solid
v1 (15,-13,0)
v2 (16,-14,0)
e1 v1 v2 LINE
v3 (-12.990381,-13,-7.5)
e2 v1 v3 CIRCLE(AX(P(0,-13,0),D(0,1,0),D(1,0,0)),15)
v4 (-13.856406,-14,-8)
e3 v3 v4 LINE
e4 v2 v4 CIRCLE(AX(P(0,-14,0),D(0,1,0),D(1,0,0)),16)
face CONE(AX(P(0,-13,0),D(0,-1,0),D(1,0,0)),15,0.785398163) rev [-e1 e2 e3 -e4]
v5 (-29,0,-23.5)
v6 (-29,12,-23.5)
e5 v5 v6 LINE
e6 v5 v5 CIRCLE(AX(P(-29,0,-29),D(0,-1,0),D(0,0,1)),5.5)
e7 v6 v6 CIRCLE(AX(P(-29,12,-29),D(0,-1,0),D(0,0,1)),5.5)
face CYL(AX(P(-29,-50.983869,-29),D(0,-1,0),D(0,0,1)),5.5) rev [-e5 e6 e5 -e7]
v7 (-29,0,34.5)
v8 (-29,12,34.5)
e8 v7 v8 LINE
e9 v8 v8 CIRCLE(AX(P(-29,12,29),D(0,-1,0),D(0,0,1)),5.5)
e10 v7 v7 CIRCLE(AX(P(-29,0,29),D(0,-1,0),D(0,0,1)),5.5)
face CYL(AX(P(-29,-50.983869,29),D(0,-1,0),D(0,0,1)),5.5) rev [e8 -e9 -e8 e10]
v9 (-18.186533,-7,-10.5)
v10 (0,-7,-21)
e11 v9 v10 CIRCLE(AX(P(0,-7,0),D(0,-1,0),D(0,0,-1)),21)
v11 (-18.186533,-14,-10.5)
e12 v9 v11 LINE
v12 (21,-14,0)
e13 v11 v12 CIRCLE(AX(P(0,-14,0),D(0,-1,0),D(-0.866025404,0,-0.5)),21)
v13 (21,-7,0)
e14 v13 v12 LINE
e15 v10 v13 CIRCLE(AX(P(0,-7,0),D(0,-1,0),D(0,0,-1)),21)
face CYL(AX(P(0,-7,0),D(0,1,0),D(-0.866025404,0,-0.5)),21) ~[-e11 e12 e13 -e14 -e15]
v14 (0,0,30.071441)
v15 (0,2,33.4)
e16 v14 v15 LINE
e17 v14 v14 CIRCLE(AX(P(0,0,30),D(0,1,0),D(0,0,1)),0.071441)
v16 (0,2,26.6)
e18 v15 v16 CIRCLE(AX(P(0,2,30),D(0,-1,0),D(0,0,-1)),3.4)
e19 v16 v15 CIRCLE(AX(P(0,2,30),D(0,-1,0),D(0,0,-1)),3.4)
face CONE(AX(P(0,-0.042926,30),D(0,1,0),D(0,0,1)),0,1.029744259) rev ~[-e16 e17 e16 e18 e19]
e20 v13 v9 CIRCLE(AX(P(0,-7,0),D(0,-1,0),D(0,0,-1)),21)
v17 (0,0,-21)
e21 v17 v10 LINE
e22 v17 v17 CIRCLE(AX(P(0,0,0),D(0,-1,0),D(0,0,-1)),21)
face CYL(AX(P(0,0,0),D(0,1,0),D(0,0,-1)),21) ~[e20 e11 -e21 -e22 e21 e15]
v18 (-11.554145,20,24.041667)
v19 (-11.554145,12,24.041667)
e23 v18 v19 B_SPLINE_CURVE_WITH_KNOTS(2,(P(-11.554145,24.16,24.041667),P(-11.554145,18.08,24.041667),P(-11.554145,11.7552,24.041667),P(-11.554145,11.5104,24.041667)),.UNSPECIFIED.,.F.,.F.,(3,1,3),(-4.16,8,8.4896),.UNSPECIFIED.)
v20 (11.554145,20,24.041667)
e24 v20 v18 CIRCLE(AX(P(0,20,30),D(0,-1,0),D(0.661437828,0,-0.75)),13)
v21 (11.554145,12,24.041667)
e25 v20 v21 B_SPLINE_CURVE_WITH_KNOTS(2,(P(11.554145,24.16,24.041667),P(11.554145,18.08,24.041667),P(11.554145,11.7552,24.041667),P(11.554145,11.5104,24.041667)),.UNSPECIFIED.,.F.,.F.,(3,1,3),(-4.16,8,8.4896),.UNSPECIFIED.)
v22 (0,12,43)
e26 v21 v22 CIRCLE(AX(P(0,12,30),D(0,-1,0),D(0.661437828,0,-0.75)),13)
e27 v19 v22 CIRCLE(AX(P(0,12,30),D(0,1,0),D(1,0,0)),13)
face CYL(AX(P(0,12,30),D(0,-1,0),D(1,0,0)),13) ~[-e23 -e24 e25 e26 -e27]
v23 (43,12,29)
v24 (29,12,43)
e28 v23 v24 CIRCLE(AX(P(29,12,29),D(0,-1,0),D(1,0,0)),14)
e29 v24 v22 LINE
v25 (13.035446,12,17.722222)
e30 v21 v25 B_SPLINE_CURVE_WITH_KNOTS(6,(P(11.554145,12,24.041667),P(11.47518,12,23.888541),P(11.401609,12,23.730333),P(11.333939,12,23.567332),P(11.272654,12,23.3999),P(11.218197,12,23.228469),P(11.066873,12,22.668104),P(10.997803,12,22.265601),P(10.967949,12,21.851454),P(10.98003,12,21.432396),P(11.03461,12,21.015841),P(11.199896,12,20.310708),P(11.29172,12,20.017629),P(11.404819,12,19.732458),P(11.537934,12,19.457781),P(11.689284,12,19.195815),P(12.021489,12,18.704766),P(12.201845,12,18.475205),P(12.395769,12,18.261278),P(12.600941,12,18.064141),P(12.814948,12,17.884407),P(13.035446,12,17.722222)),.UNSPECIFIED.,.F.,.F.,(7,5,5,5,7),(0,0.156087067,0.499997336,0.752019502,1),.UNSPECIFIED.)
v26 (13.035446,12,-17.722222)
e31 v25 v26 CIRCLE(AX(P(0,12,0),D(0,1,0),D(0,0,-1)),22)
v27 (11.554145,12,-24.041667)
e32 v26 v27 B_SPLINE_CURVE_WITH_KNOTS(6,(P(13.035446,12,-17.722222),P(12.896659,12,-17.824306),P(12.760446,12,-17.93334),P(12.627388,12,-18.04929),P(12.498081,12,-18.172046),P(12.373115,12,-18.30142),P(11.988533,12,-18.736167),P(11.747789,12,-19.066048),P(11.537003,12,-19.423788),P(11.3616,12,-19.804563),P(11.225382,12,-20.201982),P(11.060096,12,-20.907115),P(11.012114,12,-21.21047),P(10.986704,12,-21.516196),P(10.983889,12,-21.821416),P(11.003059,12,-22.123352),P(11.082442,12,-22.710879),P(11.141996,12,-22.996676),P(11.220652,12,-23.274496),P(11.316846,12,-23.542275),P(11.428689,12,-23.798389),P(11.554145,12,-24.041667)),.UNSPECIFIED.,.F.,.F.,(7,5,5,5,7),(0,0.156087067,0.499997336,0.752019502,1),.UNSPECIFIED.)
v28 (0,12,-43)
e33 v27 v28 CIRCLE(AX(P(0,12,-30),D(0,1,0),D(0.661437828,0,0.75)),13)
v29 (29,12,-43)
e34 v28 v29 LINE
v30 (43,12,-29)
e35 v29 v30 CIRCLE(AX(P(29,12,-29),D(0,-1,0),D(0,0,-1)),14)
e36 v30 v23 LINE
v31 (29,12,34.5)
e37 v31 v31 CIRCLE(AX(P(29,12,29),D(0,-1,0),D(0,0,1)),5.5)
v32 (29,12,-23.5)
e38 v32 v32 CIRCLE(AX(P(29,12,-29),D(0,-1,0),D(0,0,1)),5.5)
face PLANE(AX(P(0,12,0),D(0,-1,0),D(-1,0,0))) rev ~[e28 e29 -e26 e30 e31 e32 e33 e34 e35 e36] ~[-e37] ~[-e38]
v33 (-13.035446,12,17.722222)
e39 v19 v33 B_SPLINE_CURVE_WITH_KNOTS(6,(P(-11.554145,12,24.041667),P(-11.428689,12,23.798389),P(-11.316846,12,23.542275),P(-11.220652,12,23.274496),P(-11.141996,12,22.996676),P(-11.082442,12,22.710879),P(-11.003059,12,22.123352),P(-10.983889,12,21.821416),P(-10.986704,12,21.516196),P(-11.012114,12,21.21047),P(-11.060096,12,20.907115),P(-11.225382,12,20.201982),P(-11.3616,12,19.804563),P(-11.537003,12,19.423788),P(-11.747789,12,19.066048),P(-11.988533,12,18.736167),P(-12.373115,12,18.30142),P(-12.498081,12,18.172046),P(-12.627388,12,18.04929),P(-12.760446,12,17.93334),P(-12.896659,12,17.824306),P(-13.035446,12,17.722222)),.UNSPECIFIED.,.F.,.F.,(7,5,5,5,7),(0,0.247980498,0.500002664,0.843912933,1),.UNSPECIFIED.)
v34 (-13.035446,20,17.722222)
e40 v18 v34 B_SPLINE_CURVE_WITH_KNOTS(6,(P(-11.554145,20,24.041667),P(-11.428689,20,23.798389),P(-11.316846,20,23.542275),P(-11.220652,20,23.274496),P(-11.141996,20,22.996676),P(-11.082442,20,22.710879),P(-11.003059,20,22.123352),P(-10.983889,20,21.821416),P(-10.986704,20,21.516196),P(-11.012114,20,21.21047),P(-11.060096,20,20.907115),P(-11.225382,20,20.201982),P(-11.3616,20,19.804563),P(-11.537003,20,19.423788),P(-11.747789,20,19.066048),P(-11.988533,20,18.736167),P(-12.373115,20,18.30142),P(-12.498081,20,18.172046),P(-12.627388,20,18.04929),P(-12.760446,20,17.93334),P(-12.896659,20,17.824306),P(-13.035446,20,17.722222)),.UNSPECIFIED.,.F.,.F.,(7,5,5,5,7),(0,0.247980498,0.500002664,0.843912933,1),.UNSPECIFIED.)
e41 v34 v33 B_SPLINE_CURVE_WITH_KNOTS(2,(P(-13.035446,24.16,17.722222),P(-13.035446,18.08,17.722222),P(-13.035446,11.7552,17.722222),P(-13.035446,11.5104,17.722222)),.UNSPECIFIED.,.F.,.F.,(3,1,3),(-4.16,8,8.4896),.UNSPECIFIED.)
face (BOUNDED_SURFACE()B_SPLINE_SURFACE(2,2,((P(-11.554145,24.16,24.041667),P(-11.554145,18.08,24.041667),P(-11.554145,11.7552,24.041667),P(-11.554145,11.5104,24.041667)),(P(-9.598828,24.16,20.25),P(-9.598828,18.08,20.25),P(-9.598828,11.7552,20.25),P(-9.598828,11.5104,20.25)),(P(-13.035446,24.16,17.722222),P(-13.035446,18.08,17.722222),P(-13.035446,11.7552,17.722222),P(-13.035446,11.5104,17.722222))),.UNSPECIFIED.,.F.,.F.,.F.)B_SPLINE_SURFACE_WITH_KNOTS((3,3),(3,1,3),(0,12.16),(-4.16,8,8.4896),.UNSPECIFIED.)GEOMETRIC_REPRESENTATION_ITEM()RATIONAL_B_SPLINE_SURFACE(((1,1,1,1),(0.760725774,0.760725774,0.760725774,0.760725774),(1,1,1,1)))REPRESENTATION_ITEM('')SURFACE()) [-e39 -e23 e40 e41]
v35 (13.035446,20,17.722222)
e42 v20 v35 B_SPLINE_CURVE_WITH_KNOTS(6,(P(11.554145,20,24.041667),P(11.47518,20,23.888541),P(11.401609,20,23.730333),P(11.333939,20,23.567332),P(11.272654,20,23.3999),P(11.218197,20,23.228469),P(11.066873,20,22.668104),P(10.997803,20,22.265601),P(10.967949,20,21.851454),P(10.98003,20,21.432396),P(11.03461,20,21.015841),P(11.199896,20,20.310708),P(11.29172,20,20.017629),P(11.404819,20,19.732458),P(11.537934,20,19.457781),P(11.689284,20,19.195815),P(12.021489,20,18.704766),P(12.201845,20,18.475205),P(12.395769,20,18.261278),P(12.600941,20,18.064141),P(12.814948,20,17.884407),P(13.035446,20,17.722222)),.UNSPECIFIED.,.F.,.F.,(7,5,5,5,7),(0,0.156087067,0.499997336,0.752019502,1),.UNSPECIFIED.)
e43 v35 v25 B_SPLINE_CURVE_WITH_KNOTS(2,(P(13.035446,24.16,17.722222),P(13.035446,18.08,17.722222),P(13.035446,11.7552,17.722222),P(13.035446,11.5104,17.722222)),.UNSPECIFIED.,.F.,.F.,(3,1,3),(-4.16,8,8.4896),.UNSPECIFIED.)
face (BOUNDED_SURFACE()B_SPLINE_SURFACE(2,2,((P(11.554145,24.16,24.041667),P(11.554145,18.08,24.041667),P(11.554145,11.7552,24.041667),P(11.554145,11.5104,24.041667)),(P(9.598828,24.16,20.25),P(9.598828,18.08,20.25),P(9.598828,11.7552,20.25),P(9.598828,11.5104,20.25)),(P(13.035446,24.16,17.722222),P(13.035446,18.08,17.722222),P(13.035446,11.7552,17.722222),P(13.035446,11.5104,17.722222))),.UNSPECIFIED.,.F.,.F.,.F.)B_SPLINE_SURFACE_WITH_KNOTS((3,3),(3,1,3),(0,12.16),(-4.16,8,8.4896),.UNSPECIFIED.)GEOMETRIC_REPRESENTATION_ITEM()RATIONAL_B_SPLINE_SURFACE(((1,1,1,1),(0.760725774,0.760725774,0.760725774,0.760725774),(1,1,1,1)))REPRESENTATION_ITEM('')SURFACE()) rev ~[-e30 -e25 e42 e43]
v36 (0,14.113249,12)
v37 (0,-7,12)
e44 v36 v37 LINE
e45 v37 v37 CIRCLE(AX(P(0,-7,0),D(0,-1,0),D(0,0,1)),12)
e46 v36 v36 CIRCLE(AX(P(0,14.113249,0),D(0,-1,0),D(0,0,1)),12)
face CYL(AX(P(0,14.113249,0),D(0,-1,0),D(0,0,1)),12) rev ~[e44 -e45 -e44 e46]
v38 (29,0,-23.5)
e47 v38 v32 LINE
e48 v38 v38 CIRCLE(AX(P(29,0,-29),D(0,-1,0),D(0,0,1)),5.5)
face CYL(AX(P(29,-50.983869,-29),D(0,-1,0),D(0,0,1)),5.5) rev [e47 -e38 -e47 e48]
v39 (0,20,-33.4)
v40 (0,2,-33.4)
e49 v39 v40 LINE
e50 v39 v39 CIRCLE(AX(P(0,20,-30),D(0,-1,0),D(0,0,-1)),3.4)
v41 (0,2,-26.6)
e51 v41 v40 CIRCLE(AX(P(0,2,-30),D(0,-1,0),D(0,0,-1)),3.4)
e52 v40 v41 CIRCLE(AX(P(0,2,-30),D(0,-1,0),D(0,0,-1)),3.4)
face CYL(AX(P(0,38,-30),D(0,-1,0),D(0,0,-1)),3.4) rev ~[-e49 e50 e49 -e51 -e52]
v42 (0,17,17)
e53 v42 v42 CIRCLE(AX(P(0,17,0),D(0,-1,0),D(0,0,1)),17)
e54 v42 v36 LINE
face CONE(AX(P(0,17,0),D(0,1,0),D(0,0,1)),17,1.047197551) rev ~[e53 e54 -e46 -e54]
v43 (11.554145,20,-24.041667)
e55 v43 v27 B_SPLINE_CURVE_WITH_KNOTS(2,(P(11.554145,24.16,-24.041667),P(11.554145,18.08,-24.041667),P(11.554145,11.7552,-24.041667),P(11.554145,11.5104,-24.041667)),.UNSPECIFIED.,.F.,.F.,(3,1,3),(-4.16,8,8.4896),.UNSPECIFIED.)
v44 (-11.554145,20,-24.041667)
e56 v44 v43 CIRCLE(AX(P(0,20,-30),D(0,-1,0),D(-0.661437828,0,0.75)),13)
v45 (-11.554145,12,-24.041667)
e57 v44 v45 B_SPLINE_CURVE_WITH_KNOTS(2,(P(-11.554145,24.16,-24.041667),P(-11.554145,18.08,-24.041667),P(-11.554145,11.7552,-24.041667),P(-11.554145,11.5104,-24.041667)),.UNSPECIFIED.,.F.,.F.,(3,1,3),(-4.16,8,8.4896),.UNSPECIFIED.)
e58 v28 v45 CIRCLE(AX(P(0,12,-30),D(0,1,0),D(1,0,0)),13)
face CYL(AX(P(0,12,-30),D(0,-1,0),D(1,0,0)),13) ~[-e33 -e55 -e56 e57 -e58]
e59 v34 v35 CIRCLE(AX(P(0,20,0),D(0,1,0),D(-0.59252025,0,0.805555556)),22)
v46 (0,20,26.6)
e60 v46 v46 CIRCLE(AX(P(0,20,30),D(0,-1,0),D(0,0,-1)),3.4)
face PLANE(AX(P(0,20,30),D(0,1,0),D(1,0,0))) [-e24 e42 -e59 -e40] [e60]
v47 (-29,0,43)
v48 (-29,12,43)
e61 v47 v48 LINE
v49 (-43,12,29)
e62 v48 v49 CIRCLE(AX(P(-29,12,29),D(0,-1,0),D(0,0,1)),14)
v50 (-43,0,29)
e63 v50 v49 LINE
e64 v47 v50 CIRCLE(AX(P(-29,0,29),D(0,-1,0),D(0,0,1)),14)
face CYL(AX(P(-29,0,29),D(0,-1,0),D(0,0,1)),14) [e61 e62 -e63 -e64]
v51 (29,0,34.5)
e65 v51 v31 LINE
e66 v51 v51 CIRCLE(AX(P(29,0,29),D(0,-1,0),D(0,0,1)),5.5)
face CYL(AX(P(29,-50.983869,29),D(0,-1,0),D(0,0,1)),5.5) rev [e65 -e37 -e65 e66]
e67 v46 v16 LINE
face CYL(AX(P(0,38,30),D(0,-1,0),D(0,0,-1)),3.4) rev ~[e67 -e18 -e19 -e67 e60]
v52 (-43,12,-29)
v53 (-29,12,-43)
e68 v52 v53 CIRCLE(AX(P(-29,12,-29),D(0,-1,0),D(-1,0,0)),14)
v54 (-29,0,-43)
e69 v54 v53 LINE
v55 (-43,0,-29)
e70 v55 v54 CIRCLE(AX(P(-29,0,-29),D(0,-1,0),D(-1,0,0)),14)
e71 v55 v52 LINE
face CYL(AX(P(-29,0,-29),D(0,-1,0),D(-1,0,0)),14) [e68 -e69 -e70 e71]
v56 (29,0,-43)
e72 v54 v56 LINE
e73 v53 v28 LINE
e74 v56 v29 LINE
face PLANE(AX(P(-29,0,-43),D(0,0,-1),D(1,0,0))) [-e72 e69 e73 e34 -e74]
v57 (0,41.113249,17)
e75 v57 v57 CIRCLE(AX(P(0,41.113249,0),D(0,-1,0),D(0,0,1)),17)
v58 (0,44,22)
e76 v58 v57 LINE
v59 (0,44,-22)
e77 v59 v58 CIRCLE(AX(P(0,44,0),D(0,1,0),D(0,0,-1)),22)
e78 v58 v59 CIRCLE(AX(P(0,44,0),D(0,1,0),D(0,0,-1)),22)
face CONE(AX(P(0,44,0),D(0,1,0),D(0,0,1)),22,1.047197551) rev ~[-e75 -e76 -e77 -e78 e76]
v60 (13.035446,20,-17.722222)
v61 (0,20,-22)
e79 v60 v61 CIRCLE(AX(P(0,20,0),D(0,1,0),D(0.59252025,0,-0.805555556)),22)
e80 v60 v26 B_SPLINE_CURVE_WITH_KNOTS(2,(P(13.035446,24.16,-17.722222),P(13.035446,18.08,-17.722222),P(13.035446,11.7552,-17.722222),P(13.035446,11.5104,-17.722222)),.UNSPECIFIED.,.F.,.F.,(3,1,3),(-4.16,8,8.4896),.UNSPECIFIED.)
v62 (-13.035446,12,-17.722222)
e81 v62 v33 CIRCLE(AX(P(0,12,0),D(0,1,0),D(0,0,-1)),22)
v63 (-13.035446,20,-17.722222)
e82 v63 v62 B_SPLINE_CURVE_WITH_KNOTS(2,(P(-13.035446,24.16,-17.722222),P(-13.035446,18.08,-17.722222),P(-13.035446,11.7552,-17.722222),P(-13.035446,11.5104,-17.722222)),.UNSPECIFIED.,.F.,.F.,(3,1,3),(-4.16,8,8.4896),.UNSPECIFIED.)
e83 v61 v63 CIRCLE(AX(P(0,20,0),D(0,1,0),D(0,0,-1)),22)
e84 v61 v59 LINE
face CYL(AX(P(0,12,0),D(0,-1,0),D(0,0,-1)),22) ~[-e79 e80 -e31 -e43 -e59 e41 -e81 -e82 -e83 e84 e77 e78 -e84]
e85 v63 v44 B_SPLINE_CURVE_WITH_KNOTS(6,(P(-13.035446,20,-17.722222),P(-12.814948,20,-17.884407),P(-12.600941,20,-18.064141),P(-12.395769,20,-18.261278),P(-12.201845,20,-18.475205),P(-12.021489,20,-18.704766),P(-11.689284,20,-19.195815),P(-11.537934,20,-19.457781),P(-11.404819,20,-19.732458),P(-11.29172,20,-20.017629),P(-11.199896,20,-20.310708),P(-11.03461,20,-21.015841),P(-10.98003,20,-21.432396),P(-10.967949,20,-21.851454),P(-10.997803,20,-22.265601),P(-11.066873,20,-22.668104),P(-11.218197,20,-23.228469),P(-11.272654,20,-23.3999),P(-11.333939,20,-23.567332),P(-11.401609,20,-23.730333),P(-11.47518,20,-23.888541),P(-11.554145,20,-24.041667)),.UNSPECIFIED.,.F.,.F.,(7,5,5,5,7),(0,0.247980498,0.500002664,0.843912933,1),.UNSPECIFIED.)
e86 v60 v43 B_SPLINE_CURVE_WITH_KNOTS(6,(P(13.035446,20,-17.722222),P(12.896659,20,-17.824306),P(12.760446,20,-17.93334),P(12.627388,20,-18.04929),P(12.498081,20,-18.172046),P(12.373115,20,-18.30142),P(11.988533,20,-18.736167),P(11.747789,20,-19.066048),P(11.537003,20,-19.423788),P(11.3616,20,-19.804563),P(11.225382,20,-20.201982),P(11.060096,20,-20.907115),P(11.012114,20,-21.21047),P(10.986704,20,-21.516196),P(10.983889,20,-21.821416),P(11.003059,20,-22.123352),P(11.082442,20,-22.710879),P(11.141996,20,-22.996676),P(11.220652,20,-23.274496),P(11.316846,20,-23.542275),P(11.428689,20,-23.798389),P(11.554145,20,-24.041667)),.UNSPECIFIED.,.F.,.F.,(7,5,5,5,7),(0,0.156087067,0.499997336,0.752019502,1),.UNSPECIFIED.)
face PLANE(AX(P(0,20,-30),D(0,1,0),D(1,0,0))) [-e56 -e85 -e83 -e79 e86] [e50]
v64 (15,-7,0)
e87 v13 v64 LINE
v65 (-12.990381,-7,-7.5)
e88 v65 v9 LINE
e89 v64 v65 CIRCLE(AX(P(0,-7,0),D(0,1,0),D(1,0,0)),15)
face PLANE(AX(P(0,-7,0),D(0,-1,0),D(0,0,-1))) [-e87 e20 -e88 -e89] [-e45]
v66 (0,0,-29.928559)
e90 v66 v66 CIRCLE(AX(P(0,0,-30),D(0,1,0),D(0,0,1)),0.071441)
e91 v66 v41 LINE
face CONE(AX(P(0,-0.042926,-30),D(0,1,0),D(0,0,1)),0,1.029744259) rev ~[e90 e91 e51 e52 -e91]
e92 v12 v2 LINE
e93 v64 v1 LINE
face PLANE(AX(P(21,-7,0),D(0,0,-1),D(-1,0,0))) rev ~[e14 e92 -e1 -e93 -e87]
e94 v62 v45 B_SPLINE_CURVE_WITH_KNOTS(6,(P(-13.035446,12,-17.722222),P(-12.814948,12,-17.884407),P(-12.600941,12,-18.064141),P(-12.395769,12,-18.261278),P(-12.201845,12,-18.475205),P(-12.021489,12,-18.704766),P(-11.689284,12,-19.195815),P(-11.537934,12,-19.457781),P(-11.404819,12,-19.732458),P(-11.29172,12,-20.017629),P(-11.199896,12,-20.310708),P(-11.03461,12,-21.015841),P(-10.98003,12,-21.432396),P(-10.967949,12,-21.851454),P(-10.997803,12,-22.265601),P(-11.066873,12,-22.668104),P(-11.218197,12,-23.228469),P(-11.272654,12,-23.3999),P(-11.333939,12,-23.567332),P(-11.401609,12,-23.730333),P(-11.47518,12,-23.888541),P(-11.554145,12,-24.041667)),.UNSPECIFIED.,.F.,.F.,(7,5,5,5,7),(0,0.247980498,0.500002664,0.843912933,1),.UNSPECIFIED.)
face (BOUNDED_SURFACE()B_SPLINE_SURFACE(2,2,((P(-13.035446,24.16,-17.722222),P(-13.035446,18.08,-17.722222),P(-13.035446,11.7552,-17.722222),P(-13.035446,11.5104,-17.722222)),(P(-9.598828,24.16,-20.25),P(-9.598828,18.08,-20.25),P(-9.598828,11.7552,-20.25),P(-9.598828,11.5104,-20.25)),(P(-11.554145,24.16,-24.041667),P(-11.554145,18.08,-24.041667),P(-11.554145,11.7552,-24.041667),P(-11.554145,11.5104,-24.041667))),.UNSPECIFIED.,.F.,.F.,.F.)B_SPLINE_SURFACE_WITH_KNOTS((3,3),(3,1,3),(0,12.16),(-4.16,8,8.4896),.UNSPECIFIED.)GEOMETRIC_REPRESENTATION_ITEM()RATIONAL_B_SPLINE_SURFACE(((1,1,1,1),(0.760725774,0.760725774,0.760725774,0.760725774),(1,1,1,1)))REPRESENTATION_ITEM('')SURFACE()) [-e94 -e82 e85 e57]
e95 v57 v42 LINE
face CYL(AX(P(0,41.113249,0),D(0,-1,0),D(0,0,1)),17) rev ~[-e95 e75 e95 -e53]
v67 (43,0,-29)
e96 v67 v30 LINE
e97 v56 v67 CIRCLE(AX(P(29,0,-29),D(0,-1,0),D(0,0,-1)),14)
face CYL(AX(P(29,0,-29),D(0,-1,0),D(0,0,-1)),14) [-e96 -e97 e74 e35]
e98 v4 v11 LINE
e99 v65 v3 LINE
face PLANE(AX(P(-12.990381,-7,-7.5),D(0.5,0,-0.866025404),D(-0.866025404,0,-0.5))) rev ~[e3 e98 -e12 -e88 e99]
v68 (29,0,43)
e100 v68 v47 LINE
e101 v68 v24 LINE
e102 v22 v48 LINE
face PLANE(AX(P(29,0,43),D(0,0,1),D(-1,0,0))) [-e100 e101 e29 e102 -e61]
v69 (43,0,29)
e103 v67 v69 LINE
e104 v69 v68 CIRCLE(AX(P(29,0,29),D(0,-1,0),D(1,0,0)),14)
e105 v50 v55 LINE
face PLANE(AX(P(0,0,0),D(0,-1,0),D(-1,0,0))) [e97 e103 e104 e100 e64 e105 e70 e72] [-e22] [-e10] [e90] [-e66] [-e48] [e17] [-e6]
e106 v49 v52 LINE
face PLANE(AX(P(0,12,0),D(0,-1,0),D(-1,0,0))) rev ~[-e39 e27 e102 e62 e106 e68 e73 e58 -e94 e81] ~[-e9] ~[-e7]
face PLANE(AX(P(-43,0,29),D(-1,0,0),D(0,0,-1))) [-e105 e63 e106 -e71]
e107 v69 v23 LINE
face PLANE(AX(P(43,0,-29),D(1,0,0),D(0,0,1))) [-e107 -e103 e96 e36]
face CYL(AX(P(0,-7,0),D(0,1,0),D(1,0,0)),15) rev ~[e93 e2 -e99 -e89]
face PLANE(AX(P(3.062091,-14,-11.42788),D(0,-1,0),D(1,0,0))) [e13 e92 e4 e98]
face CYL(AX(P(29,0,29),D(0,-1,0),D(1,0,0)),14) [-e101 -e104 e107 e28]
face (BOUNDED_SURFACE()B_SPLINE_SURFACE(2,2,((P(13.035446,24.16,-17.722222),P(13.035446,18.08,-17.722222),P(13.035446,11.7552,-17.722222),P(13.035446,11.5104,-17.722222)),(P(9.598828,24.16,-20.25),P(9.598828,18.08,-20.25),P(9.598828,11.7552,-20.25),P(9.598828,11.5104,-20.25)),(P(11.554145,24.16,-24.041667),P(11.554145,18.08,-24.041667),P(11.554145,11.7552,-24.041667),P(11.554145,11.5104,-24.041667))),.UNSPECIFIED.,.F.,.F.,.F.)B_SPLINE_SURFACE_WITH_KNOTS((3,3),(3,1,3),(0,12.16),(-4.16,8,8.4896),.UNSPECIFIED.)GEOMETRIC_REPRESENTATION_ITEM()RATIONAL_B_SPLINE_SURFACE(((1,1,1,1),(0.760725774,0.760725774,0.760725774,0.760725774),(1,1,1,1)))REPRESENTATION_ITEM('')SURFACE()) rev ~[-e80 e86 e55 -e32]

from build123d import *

# Parameters (mm, degrees)
EXTRUDE_1_DEPTH          = 12
CUT_EXTRUDE_1_DEPTH      = 62.983868869
CUT_EXTRUDE_1_DEPTH_BACK = 62.983868869
SKETCH_4_R               = 5.5
SKETCH_5_R               = 22
EXTRUDE_2_DEPTH          = 32
SKETCH_6_R               = 13
EXTRUDE_3_DEPTH          = 8
SKETCH_7_R               = 21
EXTRUDE_4_DEPTH          = 7
EXTRUDE_5_DEPTH          = 7
CHAMFER_1_SIZE           = 1
HOLE_WIZARD_M8_1_D       = 6.8
HOLE_WIZARD_M8_1_DEPTH   = 18
HOLE_WIZARD_M8_1_TIP     = 2.042926105
FILLET_1_R               = 5


with BuildPart() as part:
    # 草图2 → 凸台-拉伸1 (new body)
    with BuildSketch(Plane(origin=(0, 0, 0), x_dir=(1, 0, 0), z_dir=(0, 1, 0))):
        with BuildLine():
            Line((-29, 43), (29, 43))
            ThreePointArc((29, 43), (38.899494937, 38.899494937), (43, 29))
            Line((43, 29), (43, -29))
            ThreePointArc((43, -29), (38.899494937, -38.899494937), (29, -43))
            Line((29, -43), (-29, -43))
            ThreePointArc((-29, -43), (-38.899494937, -38.899494937), (-43, -29))
            Line((-43, -29), (-43, 29))
            ThreePointArc((-43, 29), (-38.899494937, 38.899494937), (-29, 43))
        make_face()
    extrude(amount=EXTRUDE_1_DEPTH)

    # 草图4 → 切除-拉伸1 (cut, two sides: drawn at the far end of the back side and taken through both)
    with BuildSketch(Plane(origin=(0, 12, 0), x_dir=(1, 0, 0), z_dir=(0, 1, 0)).offset(-CUT_EXTRUDE_1_DEPTH_BACK)):
        with Locations(Location((29, 29, 0), (0, 0, 270))):
            Circle(SKETCH_4_R)
        with Locations(Location((29, -29, 0), (0, 0, 270))):
            Circle(SKETCH_4_R)
        with Locations(Location((-29, -29, 0), (0, 0, 270))):
            Circle(SKETCH_4_R)
        with Locations(Location((-29, 29, 0), (0, 0, 270))):
            Circle(SKETCH_4_R)
    extrude(amount=CUT_EXTRUDE_1_DEPTH + CUT_EXTRUDE_1_DEPTH_BACK, mode=Mode.SUBTRACT)

    # 草图5 → 凸台-拉伸2 (add)
    with BuildSketch(Plane(origin=(0, 12, 0), x_dir=(1, 0, 0), z_dir=(0, 1, 0))):
        with Locations(Location((0, 0, 0), (0, 0, 90))):
            Circle(SKETCH_5_R)
    extrude(amount=EXTRUDE_2_DEPTH)

    # 草图6 → 凸台-拉伸3 (add)
    with BuildSketch(Plane(origin=(0, 12, 0), x_dir=(1, 0, 0), z_dir=(0, 1, 0))):
        with Locations((0, 30)):
            Circle(SKETCH_6_R)
        with Locations((0, -30)):
            Circle(SKETCH_6_R)
    extrude(amount=EXTRUDE_3_DEPTH)

    # 草图7 → 凸台-拉伸4 (add)
    with BuildSketch(Plane.XZ):
        with Locations(Location((0, 0, 0), (0, 0, 270))):
            Circle(SKETCH_7_R)
    extrude(amount=EXTRUDE_4_DEPTH)

    # 草图8 → 凸台-拉伸5 (add)
    with BuildSketch(Plane.XZ.offset(7)):
        with BuildLine():
            Line((21, 0), (15, 0))
            ThreePointArc((15, 0), (3.882285677, -14.488887394), (-12.990381057, -7.5))
            Line((-12.990381057, -7.5), (-18.186533479, -10.5))
            ThreePointArc((-18.186533479, -10.5), (5.435199947, -20.284442352), (21, 0))
        make_face()
    extrude(amount=EXTRUDE_5_DEPTH)

    # 倒角1
    chamfer_1_edges = [part.edges().sort_by_distance(p)[0] for p in [
        (3.882285677, -14, -14.488887394),
    ]]
    chamfer(chamfer_1_edges, length=CHAMFER_1_SIZE)

    # 草图9 → 切除-旋转1 (revolve, cut)
    with BuildSketch(Plane.XY, mode=Mode.PRIVATE) as cut_revolve_1_sk:
        Polygon((22, 44), (17, 41.113248654), (17, 17), (12, 14.113248654), (12, -7), (0, -7), (0, 44), align=None)
    revolve(cut_revolve_1_sk.sketch.rotate(Axis((0, 44, 0), (0, -1, 0)), 90), axis=Axis((0, 44, 0), (0, -1, 0)), mode=Mode.SUBTRACT)

    # M8 螺纹孔1
    with Locations(Plane(origin=(0, 20, -30), x_dir=(0, 0, 1), z_dir=(0, 1, 0))):
        with Locations((0, 0), (60, 0)):
            Hole(HOLE_WIZARD_M8_1_D / 2, depth=HOLE_WIZARD_M8_1_DEPTH)
            with Locations((0, 0, -(HOLE_WIZARD_M8_1_DEPTH + HOLE_WIZARD_M8_1_TIP / 2))):  # 118° drill point
                Cone(0, HOLE_WIZARD_M8_1_D / 2, HOLE_WIZARD_M8_1_TIP, mode=Mode.SUBTRACT)

    # 圆角1
    fillet_1_edges = [part.edges().sort_by_distance(p)[0] for p in [
        (-8.598691761, 16, -20.25),
        (8.598691761, 16, -20.25),
        (-8.598691761, 16, 20.25),
        (8.598691761, 16, 20.25),
    ]]
    fillet(fillet_1_edges, radius=FILLET_1_R)


solid = part.part
